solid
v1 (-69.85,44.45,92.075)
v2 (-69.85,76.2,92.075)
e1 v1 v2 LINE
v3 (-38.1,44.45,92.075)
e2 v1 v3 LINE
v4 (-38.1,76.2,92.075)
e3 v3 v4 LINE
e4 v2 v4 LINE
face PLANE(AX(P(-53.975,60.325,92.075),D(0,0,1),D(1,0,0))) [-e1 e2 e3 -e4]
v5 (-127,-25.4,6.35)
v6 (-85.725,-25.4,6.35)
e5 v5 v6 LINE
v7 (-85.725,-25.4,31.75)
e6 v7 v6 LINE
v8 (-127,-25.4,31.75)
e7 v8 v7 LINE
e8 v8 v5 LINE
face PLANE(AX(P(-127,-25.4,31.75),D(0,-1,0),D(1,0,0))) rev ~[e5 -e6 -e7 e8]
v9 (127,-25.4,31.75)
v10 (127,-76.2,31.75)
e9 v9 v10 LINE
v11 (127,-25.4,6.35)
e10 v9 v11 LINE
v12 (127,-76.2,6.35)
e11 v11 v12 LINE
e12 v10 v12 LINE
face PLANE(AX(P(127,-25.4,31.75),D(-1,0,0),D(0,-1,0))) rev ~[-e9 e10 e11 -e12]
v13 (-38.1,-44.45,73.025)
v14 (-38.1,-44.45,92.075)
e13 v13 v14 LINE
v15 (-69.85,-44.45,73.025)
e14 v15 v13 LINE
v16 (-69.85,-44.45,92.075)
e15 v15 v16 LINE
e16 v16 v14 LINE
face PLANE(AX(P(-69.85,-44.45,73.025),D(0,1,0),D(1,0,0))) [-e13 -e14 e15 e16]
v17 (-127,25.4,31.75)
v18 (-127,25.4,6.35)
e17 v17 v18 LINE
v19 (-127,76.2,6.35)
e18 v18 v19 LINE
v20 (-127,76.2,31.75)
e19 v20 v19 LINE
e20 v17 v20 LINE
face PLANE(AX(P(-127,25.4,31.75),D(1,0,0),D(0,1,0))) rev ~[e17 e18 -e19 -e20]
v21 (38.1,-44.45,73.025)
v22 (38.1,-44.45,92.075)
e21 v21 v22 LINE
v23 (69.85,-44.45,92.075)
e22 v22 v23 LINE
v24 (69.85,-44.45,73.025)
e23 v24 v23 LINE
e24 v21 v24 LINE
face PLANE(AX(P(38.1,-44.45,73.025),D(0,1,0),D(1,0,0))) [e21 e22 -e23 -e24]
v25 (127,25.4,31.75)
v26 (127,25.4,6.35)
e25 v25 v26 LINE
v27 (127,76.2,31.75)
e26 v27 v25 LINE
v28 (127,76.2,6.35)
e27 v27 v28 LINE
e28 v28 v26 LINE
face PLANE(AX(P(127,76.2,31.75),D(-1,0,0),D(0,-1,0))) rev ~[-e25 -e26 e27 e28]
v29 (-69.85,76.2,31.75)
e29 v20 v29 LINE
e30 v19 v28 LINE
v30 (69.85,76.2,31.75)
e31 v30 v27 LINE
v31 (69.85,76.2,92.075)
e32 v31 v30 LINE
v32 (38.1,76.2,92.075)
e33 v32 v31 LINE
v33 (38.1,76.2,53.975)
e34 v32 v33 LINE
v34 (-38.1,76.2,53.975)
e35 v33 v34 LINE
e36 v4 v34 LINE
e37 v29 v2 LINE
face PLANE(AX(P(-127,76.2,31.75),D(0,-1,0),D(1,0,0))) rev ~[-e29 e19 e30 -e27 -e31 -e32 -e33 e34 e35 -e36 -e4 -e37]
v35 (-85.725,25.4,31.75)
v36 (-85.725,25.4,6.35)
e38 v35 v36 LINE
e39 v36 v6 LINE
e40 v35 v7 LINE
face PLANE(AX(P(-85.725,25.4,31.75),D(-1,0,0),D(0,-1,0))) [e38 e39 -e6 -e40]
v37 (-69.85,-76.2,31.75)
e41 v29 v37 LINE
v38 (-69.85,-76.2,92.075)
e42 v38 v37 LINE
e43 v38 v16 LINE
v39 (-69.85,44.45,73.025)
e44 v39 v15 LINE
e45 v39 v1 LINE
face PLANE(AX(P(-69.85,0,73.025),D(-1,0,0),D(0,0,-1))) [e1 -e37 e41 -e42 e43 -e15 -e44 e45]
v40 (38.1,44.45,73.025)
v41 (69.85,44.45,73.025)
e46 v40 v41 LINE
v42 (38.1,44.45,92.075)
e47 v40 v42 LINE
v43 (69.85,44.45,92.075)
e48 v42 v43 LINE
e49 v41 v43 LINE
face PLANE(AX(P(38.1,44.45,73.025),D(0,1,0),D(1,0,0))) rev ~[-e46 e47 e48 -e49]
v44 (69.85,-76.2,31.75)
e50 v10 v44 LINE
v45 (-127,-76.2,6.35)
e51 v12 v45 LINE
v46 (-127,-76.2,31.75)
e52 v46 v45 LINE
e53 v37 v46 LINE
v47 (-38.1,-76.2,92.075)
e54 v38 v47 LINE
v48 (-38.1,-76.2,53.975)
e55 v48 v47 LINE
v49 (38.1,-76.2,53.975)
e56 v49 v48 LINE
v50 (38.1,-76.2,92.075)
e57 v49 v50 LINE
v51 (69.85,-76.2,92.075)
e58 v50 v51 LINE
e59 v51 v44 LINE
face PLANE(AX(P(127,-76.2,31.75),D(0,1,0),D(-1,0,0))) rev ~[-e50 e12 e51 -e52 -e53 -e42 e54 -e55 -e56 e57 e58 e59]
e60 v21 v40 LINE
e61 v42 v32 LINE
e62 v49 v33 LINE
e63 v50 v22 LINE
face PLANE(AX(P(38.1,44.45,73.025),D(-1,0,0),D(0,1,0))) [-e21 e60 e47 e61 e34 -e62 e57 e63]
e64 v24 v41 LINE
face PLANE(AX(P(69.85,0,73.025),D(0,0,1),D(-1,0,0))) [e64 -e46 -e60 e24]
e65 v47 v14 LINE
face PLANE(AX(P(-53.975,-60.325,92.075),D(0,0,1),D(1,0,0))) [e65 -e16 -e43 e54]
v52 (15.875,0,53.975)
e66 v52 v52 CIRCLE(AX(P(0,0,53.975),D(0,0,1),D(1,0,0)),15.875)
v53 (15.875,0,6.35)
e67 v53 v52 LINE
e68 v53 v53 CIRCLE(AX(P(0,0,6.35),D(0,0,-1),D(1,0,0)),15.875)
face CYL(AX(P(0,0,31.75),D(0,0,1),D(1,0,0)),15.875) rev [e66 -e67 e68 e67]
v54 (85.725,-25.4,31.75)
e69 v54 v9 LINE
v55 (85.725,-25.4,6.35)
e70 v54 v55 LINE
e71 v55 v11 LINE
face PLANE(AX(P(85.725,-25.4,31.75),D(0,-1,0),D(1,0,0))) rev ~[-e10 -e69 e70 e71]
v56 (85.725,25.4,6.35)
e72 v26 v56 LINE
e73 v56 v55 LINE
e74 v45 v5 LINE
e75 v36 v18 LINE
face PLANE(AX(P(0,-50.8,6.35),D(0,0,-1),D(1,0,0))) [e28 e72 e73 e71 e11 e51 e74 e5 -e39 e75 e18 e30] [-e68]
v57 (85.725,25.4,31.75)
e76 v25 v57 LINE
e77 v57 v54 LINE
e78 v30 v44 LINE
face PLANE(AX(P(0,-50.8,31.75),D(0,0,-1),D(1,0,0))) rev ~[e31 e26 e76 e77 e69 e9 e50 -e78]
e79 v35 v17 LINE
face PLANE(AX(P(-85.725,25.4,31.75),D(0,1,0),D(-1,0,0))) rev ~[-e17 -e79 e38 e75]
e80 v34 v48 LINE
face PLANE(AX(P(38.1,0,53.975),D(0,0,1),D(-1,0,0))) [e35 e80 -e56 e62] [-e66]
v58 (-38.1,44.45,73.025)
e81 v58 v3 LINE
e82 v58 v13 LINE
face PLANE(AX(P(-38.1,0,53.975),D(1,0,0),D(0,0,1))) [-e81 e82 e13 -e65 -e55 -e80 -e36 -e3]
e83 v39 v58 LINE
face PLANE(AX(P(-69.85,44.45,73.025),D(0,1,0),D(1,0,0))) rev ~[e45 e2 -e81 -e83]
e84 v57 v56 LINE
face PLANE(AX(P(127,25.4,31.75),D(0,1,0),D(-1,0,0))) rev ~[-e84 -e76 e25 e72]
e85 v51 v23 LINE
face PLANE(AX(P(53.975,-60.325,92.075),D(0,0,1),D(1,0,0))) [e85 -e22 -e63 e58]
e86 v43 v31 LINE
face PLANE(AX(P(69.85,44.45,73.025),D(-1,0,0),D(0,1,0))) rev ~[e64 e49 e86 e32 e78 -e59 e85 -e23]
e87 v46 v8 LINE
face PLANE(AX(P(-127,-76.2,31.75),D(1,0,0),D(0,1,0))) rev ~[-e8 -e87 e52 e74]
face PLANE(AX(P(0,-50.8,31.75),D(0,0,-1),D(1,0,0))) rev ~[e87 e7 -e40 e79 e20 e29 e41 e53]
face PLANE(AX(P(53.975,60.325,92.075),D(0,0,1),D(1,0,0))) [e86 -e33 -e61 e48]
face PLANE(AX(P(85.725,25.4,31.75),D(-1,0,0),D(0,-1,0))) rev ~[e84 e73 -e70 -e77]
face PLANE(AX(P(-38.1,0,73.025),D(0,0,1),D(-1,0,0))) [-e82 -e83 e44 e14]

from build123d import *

# Parameters (mm, degrees)
F1_DEPTH = 76.2
F2_W     = 31.75
F2_H     = 31.75
F3_DEPTH = 19.05
F4_R     = 15.875
F5_DEPTH = 25.4
F6_W     = 171.45
F6_H     = 50.8
F6_R     = 15.875
F7_DEPTH = 25.4


with BuildPart() as f1:
    # F0 (on Front) → F1 (new body, symmetric)
    with BuildSketch(Plane.XZ):
        Polygon((38.1, 53.975), (-38.1, 53.975), (-38.1, 73.025), (-69.85, 73.025), (-69.85, 53.975), (-69.85, 31.75), (69.85, 31.75), (69.85, 53.975), (69.85, 73.025), (38.1, 73.025), align=None)
    extrude(amount=F1_DEPTH, both=True)

    # F2 (on face) → F3 (join)
    with BuildSketch(Plane.XY.offset(73.025)):
        with Locations((53.975, 60.325)):
            Rectangle(F2_W, F2_H)
        with Locations((53.975, -60.325)):
            Rectangle(F2_W, F2_H)
        with Locations((-53.975, 60.325)):
            Rectangle(F2_W, F2_H)
        with Locations((-53.975, -60.325)):
            Rectangle(F2_W, F2_H)
    extrude(amount=F3_DEPTH)

    # F4 (on face) → F5 (cut)
    with BuildSketch(Plane.XY.offset(53.975)):
        Circle(F4_R)
    extrude(amount=-F5_DEPTH, mode=Mode.SUBTRACT)

    # F6 (on face) → F7 (join)
    with BuildSketch(Plane(origin=(0, 0, 31.75), x_dir=(1, 0, 0), z_dir=(0, 0, -1))):
        Polygon((127, 76.2), (-127, 76.2), (-127, 25.4), (-85.725, 25.4), (85.725, 25.4), (127, 25.4), align=None)
        Rectangle(F6_W, F6_H)
        Circle(F6_R, mode=Mode.SUBTRACT)
        Polygon((85.725, -25.4), (-85.725, -25.4), (-127, -25.4), (-127, -76.2), (127, -76.2), (127, -25.4), align=None)
    extrude(amount=F7_DEPTH)


solid = f1.part
